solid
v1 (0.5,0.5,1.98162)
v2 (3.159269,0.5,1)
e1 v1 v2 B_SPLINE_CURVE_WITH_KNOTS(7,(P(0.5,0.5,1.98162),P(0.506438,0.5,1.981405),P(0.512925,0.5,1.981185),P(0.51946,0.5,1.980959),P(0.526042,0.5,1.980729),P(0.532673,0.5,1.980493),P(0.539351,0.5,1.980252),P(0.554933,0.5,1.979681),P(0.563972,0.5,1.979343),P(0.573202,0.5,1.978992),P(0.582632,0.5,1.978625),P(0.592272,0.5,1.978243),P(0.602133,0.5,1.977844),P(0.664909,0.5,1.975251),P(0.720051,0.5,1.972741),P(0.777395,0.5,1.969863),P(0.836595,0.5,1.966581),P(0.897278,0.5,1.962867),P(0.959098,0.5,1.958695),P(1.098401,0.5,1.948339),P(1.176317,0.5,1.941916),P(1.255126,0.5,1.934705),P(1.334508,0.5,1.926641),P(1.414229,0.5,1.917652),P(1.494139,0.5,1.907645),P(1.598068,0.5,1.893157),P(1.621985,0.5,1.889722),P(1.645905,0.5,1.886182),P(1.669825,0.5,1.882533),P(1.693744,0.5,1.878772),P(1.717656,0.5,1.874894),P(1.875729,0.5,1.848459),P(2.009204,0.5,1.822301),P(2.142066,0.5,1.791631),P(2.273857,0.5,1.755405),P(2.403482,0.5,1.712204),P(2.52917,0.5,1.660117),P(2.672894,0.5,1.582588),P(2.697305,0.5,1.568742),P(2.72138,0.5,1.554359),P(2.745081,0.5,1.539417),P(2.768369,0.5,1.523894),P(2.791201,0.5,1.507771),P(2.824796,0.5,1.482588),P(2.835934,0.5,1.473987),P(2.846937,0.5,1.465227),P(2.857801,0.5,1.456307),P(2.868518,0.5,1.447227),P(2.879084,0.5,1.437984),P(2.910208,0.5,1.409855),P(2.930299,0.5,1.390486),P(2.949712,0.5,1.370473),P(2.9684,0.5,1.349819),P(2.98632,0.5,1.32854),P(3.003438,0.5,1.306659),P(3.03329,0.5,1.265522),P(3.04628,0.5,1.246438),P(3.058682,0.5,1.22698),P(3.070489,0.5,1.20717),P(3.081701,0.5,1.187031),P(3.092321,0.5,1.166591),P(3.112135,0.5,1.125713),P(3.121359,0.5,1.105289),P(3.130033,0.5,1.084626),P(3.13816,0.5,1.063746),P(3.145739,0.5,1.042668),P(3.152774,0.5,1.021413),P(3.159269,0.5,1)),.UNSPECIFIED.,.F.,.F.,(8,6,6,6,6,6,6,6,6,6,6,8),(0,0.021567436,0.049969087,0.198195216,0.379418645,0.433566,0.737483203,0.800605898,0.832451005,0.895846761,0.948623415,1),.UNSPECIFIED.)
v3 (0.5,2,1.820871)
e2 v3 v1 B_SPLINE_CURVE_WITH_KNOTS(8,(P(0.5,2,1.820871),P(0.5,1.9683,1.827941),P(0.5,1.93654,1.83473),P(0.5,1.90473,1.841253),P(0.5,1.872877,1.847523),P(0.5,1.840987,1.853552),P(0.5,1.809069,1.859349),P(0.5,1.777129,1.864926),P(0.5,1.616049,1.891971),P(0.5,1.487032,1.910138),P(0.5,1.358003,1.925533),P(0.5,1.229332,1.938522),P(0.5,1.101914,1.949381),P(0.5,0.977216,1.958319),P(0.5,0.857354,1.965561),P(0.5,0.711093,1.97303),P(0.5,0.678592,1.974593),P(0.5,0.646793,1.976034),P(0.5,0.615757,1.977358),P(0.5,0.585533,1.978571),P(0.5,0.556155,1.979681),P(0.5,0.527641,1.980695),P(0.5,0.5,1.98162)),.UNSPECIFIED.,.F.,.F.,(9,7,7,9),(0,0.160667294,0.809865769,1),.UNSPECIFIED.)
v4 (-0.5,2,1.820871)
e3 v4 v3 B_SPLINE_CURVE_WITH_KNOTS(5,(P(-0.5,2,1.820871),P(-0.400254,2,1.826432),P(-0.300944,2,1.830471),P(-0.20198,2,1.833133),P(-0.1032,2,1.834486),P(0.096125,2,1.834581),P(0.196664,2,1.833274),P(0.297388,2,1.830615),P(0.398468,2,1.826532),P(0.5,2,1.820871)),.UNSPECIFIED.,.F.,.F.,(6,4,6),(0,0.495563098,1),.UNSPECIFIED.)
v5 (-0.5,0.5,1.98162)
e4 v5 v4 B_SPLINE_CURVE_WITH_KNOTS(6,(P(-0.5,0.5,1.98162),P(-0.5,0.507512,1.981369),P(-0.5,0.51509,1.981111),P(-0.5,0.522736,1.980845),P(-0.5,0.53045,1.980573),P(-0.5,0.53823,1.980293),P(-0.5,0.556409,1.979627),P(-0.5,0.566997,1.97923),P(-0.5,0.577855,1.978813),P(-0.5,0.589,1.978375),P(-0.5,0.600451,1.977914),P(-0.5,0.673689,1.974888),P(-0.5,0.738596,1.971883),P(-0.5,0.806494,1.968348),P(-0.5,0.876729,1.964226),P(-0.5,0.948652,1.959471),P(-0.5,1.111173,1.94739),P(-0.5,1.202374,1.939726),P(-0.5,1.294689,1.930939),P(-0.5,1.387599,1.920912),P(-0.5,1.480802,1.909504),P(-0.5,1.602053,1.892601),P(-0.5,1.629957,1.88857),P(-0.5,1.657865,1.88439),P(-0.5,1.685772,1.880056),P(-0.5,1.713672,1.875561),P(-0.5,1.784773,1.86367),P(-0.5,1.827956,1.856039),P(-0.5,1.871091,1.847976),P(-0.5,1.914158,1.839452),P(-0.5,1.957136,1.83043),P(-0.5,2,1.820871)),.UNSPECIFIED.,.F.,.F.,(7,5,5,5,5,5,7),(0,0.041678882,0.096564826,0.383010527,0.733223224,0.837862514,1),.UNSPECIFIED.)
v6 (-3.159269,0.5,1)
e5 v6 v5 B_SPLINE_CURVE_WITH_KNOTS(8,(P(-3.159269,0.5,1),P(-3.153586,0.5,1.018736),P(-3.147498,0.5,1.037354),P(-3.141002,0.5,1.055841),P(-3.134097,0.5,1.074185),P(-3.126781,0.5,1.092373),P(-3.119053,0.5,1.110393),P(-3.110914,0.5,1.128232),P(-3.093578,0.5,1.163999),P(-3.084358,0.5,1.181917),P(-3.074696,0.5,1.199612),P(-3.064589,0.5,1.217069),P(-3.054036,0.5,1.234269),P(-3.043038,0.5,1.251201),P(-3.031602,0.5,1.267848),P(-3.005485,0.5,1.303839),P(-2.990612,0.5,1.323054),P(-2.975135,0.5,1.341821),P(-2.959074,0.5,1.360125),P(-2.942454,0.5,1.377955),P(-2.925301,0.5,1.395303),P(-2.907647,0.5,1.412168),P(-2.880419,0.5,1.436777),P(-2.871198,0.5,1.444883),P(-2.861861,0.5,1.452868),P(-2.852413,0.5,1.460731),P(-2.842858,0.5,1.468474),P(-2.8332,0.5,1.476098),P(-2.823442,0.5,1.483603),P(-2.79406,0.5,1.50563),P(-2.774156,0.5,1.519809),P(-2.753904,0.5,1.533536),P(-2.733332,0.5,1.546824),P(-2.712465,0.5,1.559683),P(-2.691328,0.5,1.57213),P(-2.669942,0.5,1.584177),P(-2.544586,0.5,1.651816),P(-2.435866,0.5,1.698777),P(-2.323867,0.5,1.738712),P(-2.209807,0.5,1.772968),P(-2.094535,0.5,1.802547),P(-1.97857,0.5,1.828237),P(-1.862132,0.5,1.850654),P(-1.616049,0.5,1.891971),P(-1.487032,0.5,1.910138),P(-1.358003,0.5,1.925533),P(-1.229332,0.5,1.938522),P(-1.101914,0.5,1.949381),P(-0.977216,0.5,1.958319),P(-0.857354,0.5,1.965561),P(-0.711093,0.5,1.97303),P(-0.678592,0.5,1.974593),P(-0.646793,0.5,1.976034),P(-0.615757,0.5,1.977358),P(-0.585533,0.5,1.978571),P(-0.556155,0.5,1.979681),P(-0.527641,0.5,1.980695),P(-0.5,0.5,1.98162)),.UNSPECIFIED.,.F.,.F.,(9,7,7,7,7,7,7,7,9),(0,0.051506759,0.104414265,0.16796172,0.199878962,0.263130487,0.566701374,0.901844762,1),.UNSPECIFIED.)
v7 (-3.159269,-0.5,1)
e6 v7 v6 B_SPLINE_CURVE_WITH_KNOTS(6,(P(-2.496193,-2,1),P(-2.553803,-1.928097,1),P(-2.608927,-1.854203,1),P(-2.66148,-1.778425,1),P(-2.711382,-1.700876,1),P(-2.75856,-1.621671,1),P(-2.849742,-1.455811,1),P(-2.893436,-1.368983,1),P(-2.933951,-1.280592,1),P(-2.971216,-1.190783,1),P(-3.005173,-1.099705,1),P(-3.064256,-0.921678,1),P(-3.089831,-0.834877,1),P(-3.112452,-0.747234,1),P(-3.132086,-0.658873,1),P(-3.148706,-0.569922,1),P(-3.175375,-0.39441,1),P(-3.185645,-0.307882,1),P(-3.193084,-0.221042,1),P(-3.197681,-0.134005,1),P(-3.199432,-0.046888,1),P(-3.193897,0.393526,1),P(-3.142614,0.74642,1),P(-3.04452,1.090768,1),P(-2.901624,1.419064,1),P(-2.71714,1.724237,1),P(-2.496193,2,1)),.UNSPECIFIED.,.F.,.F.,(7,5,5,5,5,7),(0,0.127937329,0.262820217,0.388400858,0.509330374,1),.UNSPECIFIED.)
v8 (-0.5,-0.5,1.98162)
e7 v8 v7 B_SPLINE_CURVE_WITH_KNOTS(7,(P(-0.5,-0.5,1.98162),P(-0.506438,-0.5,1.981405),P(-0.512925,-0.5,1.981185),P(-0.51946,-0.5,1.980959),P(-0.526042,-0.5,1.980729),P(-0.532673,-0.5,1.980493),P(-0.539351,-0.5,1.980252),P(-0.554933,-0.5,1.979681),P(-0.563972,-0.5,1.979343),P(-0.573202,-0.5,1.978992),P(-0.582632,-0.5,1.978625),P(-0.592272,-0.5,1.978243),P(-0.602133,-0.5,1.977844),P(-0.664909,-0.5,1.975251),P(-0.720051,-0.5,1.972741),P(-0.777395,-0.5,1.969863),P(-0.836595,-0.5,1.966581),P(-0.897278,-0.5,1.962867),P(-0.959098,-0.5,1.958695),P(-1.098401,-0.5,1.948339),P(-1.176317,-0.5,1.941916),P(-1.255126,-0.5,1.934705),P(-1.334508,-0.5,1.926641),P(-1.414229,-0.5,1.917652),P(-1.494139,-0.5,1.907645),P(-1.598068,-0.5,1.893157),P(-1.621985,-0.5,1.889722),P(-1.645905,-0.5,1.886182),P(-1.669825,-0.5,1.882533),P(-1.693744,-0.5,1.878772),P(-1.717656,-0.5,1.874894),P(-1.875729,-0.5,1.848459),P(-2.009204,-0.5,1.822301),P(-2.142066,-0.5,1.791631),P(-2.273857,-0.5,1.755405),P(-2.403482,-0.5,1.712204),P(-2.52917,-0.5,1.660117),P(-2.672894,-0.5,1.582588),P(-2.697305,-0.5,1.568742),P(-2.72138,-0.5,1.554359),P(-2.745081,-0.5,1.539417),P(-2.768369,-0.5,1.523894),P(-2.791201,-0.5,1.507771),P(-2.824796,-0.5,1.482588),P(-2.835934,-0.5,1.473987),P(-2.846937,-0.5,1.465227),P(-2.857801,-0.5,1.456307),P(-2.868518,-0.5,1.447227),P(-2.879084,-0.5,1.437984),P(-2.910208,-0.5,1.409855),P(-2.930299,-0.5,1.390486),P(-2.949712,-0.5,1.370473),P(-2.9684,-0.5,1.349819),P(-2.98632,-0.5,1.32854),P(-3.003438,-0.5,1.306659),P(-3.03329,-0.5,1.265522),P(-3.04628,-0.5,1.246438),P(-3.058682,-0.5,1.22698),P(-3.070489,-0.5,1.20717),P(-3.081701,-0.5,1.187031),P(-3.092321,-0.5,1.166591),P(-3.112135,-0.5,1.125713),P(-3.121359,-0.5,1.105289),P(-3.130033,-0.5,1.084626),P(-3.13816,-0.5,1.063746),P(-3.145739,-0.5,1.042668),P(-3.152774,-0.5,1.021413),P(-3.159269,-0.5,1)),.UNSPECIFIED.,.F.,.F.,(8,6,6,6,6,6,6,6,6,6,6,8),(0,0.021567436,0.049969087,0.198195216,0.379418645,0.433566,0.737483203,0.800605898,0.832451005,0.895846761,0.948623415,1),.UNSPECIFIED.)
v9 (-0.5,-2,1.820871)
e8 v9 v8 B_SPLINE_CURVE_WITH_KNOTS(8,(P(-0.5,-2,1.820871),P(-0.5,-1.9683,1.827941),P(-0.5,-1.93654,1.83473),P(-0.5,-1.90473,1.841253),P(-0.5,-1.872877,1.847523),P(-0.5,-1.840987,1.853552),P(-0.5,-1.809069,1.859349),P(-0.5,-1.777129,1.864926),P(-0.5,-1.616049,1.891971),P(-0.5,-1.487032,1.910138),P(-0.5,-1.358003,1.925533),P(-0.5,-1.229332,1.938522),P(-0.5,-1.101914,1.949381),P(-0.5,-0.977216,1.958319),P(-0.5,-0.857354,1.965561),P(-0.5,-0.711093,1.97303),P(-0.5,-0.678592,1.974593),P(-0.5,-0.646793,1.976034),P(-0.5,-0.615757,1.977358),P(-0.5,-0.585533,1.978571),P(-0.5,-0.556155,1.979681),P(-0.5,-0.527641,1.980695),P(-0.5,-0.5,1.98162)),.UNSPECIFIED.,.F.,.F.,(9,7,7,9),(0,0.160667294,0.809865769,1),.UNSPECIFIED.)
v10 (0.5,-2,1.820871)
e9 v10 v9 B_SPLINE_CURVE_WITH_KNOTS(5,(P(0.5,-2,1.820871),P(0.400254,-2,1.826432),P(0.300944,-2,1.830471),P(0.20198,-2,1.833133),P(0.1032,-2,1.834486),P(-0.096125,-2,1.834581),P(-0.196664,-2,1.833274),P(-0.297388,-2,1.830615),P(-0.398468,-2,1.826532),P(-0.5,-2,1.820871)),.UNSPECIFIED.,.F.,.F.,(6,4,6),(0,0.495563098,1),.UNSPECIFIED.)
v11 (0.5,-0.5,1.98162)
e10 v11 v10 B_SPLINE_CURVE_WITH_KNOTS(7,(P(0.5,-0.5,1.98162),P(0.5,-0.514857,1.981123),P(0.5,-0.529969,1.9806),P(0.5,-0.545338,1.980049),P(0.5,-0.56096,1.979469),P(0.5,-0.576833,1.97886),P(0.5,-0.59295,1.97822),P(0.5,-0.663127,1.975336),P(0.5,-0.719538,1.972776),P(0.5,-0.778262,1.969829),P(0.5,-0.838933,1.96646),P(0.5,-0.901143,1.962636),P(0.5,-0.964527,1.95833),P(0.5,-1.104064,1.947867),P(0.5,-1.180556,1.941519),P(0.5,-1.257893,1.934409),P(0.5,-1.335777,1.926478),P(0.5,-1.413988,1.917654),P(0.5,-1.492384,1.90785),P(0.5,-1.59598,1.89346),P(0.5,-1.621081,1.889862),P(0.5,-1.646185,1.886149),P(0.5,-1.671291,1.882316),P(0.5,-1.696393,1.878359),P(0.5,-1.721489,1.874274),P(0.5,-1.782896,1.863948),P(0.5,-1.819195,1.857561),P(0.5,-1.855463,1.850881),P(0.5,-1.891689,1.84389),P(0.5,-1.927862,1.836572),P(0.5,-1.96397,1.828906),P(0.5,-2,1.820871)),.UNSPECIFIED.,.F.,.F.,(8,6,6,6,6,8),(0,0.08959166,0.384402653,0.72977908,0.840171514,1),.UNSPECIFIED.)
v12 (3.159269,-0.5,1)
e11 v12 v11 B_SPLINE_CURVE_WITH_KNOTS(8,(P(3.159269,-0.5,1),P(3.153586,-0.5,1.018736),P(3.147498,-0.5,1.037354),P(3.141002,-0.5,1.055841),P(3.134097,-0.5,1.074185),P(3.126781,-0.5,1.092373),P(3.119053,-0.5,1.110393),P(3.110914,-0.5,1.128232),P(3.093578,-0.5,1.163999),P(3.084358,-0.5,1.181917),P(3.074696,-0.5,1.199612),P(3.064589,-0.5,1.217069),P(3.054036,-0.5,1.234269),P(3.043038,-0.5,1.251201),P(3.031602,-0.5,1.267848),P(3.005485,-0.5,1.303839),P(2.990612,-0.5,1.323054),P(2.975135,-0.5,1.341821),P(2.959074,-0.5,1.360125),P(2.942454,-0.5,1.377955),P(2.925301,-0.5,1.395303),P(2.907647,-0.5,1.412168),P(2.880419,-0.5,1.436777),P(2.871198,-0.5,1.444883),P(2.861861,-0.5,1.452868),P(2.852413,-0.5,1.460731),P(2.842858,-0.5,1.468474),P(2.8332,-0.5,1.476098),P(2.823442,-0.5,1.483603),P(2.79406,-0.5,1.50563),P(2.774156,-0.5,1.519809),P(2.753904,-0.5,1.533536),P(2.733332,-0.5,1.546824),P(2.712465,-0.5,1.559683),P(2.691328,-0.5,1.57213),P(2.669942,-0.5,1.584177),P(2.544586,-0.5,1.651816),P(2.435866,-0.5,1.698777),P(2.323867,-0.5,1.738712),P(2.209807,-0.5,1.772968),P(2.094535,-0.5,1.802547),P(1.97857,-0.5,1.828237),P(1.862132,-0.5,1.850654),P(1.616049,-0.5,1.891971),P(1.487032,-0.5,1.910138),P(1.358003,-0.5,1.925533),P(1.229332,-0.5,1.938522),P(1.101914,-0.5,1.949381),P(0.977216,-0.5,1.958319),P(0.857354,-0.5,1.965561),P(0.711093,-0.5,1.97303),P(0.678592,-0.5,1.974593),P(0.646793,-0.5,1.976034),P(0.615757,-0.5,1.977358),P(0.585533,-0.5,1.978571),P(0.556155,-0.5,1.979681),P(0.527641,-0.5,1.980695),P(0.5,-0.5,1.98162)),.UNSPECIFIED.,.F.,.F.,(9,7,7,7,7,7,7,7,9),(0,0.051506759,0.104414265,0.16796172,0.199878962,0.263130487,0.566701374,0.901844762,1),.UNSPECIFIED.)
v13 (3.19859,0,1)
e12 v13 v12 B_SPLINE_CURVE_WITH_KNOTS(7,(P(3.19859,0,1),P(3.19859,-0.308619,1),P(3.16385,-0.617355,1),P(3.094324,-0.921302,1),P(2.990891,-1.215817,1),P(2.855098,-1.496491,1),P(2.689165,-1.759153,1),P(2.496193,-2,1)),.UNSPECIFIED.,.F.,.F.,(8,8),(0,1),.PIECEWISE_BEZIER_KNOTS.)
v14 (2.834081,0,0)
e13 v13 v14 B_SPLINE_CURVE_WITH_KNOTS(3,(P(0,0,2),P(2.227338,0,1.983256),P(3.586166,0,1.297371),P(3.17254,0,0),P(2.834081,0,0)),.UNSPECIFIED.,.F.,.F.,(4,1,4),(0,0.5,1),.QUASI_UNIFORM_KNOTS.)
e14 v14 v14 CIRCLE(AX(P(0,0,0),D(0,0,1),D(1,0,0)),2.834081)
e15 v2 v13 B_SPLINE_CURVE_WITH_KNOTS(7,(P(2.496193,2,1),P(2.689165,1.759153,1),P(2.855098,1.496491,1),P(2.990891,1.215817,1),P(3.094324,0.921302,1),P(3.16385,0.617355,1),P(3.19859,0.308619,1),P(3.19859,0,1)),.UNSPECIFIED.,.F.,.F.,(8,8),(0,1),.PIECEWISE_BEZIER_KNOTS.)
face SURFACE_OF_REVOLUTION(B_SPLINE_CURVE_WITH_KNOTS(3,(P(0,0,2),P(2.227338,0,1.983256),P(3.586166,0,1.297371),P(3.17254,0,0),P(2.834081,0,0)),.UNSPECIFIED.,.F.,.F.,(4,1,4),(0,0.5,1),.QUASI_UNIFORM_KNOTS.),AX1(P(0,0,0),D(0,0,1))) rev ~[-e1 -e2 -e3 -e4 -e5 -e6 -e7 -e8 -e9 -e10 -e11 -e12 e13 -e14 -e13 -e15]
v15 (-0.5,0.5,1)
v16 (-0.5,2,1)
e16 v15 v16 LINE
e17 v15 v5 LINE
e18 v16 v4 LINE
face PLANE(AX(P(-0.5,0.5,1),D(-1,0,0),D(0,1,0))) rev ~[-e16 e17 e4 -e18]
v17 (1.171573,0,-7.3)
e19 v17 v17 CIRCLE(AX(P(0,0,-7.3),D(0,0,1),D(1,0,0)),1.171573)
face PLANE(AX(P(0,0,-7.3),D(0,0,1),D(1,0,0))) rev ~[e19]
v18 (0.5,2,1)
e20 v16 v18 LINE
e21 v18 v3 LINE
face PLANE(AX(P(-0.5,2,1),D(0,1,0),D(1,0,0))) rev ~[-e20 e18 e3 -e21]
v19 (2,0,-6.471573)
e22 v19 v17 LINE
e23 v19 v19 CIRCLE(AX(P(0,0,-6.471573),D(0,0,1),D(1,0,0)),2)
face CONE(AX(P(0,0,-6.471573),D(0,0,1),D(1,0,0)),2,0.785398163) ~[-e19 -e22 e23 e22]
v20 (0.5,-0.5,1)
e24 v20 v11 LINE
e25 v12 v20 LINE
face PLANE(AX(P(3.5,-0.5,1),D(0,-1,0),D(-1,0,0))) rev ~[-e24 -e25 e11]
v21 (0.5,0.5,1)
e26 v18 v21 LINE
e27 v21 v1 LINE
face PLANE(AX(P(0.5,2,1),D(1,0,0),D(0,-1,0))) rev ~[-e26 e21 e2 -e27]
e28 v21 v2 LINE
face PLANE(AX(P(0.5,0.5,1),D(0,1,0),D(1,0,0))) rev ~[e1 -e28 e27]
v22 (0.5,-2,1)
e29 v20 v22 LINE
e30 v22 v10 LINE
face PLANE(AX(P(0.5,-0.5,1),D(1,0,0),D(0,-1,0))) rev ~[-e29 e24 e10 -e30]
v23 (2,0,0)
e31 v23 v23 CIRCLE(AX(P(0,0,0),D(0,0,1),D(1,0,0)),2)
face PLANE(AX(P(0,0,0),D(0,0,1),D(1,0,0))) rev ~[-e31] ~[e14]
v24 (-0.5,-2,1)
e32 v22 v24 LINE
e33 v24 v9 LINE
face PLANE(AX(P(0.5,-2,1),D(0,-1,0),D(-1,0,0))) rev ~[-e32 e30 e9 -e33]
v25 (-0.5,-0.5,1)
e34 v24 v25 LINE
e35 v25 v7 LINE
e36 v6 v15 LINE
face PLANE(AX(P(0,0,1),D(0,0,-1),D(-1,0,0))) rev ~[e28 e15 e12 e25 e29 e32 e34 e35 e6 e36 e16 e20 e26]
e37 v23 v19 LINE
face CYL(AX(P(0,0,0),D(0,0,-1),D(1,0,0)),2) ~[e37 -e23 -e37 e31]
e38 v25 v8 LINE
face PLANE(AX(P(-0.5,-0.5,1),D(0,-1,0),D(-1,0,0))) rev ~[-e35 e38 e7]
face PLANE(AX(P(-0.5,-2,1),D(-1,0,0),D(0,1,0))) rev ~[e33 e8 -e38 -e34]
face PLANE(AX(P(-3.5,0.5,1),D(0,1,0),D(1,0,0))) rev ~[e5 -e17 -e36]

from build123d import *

# Parameters (mm, degrees)
POCKET_DEPTH = 5


with BuildPart() as part:
    # Sketch → Revolution (revolve)
    with BuildSketch(Plane.XZ):
        with BuildLine():
            add(Edge.make_bspline(
                [(0, 2), (2.227338, 1.983256), (3.586166, 1.297371), (3.17254, 0), (2.834081, 0)],
                knots=[0, 0, 0, 0, 0.5, 1, 1, 1, 1], degree=3))
            Line((2.834081, 0), (2, 0))
            Line((2, 0), (2, -6.471573))
            Line((2, -6.471573), (1.171573, -7.3))
            Line((1.171573, -7.3), (0, -7.3))
            Line((0, -7.3), (0, 2))
        make_face()
    revolve(axis=Axis((0, 0, 0), (0, 0, 1)))

    # Sketch001 → Pocket (cut)
    with BuildSketch(Plane.XY.offset(1)):
        Polygon((-3.5, 0.5), (-0.5, 0.5), (-0.5, 2), (0.5, 2), (0.5, 0.5), (3.5, 0.5), (3.5, -0.5), (0.5, -0.5), (0.5, -2), (-0.5, -2), (-0.5, -0.5), (-3.5, -0.5), align=None)
    extrude(amount=POCKET_DEPTH, mode=Mode.SUBTRACT)


solid = part.part
